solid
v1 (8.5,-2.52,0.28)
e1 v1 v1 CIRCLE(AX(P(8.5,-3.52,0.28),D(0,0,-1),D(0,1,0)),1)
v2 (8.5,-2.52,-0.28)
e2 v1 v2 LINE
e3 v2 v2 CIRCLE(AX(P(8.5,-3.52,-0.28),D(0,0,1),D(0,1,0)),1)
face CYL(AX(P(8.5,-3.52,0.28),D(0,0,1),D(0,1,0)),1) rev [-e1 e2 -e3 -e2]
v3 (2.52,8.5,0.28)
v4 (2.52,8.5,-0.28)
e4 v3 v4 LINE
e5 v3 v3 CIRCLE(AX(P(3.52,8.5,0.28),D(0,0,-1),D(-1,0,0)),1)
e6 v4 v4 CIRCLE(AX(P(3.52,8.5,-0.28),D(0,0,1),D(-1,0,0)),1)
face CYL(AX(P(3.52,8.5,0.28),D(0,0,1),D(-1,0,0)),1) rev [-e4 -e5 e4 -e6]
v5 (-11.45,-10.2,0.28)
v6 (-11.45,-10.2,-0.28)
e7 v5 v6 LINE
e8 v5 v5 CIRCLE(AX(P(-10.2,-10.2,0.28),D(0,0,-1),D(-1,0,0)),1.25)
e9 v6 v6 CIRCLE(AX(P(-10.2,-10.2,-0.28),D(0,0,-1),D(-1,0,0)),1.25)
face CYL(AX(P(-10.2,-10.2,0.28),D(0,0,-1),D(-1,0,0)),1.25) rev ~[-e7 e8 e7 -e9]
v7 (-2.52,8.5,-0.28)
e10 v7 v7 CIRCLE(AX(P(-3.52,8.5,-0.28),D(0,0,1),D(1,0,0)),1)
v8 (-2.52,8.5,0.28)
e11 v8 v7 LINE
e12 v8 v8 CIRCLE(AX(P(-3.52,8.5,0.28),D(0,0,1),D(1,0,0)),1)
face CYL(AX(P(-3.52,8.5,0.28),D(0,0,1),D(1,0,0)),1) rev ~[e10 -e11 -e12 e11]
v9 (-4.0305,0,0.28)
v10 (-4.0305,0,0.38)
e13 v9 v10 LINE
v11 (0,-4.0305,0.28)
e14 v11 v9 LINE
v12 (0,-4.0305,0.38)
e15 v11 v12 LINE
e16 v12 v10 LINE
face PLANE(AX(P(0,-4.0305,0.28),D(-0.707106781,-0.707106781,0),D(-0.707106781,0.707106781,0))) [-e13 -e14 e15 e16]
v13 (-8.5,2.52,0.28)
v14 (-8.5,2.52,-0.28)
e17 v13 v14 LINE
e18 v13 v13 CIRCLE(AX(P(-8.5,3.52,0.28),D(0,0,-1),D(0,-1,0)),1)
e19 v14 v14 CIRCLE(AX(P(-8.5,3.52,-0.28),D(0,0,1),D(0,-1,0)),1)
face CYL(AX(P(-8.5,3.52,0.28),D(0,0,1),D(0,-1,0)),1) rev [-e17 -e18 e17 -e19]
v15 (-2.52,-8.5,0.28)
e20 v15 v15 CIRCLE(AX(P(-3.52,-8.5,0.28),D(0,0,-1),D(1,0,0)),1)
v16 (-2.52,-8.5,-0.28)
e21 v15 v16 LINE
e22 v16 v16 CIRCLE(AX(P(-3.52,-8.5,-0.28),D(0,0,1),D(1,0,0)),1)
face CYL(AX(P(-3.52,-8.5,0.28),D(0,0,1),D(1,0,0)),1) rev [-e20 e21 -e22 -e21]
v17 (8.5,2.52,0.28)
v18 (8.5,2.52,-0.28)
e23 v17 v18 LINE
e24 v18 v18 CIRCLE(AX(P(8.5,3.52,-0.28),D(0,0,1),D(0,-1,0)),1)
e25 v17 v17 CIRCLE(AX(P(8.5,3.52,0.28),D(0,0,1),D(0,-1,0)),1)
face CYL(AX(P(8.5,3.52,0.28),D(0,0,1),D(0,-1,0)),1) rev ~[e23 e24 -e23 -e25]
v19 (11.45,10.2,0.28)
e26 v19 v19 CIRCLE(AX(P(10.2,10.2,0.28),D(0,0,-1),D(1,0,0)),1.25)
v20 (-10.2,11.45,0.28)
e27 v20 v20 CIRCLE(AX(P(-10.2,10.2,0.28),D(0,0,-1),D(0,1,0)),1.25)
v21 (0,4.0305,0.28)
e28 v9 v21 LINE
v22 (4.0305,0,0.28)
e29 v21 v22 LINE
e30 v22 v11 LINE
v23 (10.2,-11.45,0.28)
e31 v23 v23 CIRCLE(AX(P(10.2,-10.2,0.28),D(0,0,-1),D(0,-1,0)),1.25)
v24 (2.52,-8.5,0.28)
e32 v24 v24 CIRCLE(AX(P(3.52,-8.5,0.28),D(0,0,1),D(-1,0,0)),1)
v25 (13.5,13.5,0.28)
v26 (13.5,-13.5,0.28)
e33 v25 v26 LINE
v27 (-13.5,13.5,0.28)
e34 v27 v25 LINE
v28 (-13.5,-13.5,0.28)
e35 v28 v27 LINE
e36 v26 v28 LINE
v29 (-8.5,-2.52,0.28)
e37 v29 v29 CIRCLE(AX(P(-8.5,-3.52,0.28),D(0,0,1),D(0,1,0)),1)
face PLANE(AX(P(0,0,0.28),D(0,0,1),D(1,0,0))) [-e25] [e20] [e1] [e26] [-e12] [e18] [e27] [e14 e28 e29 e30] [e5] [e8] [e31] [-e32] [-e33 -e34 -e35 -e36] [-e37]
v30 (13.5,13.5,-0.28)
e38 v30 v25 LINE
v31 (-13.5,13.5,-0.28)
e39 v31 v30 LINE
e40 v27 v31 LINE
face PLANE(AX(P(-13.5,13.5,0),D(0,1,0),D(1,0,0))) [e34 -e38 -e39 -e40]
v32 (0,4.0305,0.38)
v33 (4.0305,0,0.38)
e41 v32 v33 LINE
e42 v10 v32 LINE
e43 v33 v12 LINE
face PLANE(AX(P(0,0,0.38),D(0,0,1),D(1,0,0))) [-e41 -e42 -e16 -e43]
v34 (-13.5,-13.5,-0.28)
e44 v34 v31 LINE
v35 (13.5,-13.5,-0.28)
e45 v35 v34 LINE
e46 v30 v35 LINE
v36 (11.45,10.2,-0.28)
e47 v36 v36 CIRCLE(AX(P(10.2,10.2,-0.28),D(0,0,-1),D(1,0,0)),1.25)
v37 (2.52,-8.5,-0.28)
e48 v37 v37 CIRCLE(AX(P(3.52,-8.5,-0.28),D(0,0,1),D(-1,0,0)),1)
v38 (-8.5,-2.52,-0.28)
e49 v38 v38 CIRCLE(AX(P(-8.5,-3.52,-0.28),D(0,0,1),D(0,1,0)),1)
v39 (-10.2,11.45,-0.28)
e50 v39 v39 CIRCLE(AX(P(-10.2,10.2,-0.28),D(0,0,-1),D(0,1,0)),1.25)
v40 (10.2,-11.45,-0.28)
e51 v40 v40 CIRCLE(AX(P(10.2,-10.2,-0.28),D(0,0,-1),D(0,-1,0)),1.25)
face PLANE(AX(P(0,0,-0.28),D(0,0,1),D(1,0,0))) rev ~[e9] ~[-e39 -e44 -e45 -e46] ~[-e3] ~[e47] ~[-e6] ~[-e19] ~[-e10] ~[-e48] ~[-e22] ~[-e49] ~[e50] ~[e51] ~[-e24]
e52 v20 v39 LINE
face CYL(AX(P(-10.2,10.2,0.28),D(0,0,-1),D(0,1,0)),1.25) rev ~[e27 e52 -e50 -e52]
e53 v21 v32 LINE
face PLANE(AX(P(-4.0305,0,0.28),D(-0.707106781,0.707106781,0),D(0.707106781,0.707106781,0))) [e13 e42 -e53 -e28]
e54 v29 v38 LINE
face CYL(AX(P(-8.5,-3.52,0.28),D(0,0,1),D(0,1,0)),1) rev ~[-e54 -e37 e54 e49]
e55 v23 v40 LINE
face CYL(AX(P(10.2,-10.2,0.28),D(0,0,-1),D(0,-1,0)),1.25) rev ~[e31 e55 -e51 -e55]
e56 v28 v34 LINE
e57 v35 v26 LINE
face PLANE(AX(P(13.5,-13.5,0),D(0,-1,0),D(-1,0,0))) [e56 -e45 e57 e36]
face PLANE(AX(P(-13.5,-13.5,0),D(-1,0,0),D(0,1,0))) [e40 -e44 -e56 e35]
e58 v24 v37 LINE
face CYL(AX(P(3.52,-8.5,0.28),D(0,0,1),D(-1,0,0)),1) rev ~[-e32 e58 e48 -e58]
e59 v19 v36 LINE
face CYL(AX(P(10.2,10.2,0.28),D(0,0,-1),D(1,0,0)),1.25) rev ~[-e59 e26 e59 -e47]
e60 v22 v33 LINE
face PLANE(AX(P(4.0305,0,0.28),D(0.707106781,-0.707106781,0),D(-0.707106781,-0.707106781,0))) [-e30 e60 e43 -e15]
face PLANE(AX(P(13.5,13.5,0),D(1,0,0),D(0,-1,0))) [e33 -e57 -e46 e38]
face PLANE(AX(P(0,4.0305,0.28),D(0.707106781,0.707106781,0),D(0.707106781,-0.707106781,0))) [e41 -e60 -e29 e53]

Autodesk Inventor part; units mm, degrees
ref_plane "YZ Plane" through (0, 0, 0) normal (1, 0, 0) x (0, 1, 0)
ref_plane "XZ Plane" through (0, 0, 0) normal (0, 1, 0) x (-1, 0, 0)
ref_plane "XY Plane" through (0, 0, 0) normal (0, 0, 1) x (1, 0, 0)
sketch "Sketch1" plane through (0, 0, 0) normal (0, 0, 1) x (1, 0, 0)
  line L0 (13.5, -13.5) -> (-13.5, -13.5)
  line L1 (-13.5, -13.5) -> (-13.5, 13.5)
  line L2 (-13.5, 13.5) -> (13.5, 13.5)
  line L3 (13.5, 13.5) -> (13.5, -13.5)
  line L4 (13.5, -13.5) -> (-13.5, 13.5) construction
  line L5 (-13.5, -13.5) -> (13.5, 13.5) construction
  point P0 (0, 0)
  dimension "d0" = 27
extrude "Extrusion1" add sketch "Sketch1" along normal mid plane 0.56
sketch "Sketch2" plane through (0, 0, 0.28) normal (0, 0, 1) x (1, 0, 0)
  line L0 (-13.5, -13.5) -> (13.5, -13.5) projected
  line L1 (13.5, -13.5) -> (13.5, 13.5) projected
  line L2 (0, 0) -> (0, -13.5)
  line L3 (0, 0) -> (13.5, 0)
  point P0 (10.2, -10.2)
  dimension "d3" = 20.4
  dimension "d4" = 20.4
hole "Hole1" at (10.2, -10.2, 0.28) direction (0, 0, -1) diameter 2.5 end through all
pattern_circular "Circular Pattern1" count 4 over 360 about axis through (0, 0, -10) along (0, 0, 1) of "Hole1"
sketch "Sketch3" plane through (0, 0, 0.28) normal (0, 0, 1) x (1, 0, 0)
  circle A0 centre (-3.52, 8.5) radius 1
  point P0 (0, 0)
  dimension "d15" = 2
  dimension "d16" = 3.52
  dimension "d17" = 8.5
extrude "Extrusion2" cut sketch "Sketch3" against normal through all
mirror "Mirror1" about plane through (0, 0, 0) normal (1, 0, 0) of "Extrusion2"
pattern_circular "Circular Pattern2" count 4 over 360 about axis through (0, 0, -10) along (0, 0, 1) of "Extrusion2", "Mirror1"
ref_plane "Work Plane1" through (-3.52, 8.5, 0.28) normal (-0.9239, -0.3826, 0) x (0, 0, -1)
sketch "Sketch4" plane through (0, 0, 0.28) normal (0, 0, 1) x (1, 0, 0)
  line L0 (-4.0305, 0) -> (0, 4.0305)
  line L1 (0, 4.0305) -> (4.0305, 0)
  line L2 (4.0305, 0) -> (0, -4.0305)
  line L3 (0, -4.0305) -> (-4.0305, 0)
  line L4 (0, 4.0305) -> (0, -4.0305) construction
  line L5 (-4.0305, 0) -> (4.0305, 0) construction
  point P0 (0, 0)
  point P1 (0, 0)
  dimension "d23" = 5.7
extrude "Extrusion3" add sketch "Sketch4" along normal blind 0.1
equation "\"d4\" = d3"
properties part number "PCB"
